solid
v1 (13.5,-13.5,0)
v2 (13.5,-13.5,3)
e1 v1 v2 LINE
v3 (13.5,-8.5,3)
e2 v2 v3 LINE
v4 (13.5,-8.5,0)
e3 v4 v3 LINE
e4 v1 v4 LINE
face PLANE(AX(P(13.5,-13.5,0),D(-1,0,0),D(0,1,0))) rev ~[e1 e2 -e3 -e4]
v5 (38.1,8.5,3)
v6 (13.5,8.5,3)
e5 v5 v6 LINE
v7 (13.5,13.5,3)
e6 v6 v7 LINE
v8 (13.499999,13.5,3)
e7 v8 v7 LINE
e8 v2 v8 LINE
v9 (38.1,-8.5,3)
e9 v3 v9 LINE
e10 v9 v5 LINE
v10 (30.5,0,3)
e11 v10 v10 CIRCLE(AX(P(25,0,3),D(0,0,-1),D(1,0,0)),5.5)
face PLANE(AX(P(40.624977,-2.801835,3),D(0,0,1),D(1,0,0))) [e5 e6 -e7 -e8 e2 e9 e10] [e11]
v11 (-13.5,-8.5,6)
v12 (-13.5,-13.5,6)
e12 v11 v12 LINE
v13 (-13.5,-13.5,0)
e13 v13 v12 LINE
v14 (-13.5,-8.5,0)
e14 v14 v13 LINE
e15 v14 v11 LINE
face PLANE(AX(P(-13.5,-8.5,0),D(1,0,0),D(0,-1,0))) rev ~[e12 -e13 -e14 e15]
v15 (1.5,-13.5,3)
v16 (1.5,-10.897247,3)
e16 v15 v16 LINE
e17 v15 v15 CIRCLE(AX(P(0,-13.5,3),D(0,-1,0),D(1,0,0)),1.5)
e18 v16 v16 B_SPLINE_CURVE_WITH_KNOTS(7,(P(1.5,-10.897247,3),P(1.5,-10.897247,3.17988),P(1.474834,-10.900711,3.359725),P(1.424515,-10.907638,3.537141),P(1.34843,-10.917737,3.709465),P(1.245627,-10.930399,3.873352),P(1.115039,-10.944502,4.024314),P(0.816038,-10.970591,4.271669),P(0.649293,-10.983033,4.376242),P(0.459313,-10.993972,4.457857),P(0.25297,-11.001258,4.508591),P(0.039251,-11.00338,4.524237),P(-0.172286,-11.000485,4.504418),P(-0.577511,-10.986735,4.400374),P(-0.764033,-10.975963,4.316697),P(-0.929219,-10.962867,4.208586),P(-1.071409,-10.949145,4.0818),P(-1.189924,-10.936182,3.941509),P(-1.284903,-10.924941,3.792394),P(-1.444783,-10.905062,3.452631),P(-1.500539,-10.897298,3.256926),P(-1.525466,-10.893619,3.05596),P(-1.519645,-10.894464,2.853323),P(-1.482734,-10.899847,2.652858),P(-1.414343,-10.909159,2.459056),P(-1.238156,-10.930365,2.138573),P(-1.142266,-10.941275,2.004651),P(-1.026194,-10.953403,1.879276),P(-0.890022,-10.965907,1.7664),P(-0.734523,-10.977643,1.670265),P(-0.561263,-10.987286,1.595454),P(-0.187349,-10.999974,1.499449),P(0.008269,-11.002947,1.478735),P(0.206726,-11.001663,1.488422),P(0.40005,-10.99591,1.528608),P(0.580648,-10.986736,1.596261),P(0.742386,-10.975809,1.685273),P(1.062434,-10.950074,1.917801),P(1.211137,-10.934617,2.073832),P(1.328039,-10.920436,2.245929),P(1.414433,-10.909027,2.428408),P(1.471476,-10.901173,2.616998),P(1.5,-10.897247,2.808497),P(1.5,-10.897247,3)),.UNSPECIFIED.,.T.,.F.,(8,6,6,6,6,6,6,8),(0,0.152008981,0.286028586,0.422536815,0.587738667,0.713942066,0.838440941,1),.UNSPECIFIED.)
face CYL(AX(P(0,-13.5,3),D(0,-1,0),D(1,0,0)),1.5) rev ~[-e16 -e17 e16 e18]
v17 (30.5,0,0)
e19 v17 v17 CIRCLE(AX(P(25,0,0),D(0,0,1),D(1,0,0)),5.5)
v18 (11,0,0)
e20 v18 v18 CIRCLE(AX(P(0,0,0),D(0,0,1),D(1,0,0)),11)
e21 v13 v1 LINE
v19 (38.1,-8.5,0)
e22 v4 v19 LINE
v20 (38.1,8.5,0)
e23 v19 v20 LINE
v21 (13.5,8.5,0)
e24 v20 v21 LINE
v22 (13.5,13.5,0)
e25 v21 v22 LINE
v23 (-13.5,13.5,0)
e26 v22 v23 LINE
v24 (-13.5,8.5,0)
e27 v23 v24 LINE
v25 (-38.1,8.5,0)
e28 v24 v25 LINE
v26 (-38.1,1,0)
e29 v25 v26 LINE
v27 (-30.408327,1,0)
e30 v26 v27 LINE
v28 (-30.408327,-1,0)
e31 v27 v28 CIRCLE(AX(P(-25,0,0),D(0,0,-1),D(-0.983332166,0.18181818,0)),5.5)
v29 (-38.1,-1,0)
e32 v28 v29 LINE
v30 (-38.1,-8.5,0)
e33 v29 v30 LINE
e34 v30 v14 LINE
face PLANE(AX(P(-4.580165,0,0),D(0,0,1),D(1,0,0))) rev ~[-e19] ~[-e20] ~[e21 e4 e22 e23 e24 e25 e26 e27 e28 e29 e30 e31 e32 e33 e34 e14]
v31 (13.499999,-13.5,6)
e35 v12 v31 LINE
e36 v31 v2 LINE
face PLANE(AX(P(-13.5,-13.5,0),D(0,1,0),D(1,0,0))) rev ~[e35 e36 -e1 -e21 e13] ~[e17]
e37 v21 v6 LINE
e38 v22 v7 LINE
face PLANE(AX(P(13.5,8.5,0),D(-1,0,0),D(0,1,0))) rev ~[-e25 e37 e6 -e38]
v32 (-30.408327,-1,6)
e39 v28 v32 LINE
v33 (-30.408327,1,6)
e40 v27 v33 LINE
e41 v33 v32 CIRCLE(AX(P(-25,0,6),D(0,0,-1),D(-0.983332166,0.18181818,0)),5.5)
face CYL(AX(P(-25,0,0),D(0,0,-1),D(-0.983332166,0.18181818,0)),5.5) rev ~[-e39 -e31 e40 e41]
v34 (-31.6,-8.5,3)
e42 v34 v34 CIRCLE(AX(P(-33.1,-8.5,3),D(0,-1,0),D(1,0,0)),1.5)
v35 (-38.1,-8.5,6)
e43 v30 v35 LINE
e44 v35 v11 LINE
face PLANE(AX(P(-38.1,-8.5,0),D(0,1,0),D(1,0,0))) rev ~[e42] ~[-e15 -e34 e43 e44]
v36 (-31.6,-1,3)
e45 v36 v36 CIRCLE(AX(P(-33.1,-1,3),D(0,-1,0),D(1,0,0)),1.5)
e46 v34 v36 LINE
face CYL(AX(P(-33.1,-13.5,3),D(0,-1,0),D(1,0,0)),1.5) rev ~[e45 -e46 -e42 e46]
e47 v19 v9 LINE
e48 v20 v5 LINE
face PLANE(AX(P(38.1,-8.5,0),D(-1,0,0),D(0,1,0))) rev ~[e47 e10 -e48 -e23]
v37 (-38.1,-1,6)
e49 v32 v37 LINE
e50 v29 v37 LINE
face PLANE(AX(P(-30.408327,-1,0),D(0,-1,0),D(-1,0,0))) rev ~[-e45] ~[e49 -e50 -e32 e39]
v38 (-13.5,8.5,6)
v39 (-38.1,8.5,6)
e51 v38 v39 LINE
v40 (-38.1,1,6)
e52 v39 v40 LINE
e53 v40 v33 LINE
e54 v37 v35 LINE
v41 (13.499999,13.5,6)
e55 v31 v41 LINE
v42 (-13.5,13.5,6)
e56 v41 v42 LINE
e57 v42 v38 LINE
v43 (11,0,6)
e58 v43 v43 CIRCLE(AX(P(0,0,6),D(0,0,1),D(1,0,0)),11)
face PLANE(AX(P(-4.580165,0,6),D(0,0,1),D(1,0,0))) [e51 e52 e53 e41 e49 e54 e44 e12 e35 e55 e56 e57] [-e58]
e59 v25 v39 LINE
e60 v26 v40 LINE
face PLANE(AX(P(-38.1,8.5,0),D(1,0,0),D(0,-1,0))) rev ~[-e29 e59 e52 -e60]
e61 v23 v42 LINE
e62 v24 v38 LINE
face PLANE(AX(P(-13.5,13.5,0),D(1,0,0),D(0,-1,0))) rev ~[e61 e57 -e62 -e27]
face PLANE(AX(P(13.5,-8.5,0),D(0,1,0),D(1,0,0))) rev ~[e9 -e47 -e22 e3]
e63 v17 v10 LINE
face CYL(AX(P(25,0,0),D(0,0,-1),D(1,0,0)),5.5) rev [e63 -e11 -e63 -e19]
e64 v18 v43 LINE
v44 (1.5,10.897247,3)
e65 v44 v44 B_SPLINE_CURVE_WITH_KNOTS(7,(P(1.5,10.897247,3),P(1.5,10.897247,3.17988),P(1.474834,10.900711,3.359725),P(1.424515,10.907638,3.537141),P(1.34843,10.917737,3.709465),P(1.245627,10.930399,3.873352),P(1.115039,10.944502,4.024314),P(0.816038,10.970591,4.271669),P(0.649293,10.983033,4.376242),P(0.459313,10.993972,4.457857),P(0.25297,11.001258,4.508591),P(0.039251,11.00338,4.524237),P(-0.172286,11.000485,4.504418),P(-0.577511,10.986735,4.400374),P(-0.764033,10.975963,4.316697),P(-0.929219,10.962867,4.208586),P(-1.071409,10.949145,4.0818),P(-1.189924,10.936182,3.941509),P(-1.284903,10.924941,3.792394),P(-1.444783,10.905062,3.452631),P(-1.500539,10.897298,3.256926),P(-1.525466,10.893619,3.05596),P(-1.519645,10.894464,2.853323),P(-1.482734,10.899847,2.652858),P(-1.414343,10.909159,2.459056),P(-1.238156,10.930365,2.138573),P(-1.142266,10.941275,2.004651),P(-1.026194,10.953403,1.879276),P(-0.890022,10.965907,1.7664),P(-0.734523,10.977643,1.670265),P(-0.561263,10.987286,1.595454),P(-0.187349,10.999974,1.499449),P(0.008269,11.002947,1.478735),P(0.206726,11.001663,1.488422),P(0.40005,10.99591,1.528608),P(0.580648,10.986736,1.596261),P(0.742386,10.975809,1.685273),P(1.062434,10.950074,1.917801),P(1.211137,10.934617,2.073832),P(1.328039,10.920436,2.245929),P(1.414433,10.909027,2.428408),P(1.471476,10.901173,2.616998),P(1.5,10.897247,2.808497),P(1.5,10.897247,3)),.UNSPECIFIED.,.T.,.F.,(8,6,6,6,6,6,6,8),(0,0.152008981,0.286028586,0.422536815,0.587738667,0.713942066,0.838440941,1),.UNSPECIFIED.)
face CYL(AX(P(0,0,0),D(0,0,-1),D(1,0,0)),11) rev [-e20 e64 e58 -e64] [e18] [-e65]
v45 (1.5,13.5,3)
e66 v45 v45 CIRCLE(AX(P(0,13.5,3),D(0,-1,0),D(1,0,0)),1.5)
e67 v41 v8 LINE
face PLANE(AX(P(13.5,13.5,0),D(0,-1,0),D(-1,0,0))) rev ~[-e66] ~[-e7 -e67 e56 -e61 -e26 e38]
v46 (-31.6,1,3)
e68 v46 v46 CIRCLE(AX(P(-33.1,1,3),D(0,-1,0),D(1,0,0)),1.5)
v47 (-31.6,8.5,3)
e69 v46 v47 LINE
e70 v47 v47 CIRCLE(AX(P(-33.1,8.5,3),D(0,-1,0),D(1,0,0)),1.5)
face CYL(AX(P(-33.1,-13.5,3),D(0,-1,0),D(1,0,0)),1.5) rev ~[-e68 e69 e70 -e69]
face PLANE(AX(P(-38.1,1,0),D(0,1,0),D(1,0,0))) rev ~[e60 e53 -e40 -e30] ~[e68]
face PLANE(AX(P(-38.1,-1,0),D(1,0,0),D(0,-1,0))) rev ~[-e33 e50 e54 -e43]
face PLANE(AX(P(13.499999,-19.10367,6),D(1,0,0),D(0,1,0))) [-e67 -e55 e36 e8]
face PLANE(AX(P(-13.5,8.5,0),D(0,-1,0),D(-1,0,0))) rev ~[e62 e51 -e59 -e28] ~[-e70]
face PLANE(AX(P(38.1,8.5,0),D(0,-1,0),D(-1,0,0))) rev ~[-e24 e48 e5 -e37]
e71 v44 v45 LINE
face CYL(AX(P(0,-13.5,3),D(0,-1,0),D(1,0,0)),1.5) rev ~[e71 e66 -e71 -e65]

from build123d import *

# Parameters (mm, degrees)
F0_R     = 11
F0_R_2   = 5.5
F1_DEPTH = 6
F2_R     = 1.5
F3_DEPTH = 50.8
F4_W     = 54.249955
F4_H     = 32.60367
F5_DEPTH = 3


with BuildPart() as f1:
    # F0 (on Top) → F1 (new body)
    with BuildSketch(Plane.XY):
        with BuildLine():
            ThreePointArc((-30.408327, 1), (-19.5, 0), (-30.408327, -1))
            Line((-30.408327, -1), (-38.1, -1))
            Line((-38.1, -1), (-38.1, -8.5))
            Line((-38.1, -8.5), (-13.5, -8.5))
            Line((-13.5, -8.5), (-13.5, -13.5))
            Line((-13.5, -13.5), (13.5, -13.5))
            Line((13.5, -13.5), (13.5, -8.5))
            Line((13.5, -8.5), (38.1, -8.5))
            Line((38.1, -8.5), (38.1, 8.5))
            Line((38.1, 8.5), (13.5, 8.5))
            Line((13.5, 8.5), (13.5, 13.5))
            Line((13.5, 13.5), (-13.5, 13.5))
            Line((-13.5, 13.5), (-13.5, 8.5))
            Line((-13.5, 8.5), (-38.1, 8.5))
            Line((-38.1, 8.5), (-38.1, 1))
            Line((-38.1, 1), (-30.408327, 1))
        make_face()
        Circle(F0_R, mode=Mode.SUBTRACT)
        with Locations((25, 0)):
            Circle(F0_R_2, mode=Mode.SUBTRACT)
    extrude(amount=F1_DEPTH)

    # F2 (on face) → F3 (cut)
    with BuildSketch(Plane.XZ.offset(13.5)):
        with Locations((0, 3)):
            Circle(F2_R)
        with Locations((-33.1, 3)):
            Circle(F2_R)
    extrude(amount=-F3_DEPTH, mode=Mode.SUBTRACT)

    # F4 (on face) → F5 (cut)
    with BuildSketch(Plane.XY.offset(6)):
        with Locations((40.624977, -2.801835)):
            Rectangle(F4_W, F4_H)
    extrude(amount=-F5_DEPTH, mode=Mode.SUBTRACT)


solid = f1.part
